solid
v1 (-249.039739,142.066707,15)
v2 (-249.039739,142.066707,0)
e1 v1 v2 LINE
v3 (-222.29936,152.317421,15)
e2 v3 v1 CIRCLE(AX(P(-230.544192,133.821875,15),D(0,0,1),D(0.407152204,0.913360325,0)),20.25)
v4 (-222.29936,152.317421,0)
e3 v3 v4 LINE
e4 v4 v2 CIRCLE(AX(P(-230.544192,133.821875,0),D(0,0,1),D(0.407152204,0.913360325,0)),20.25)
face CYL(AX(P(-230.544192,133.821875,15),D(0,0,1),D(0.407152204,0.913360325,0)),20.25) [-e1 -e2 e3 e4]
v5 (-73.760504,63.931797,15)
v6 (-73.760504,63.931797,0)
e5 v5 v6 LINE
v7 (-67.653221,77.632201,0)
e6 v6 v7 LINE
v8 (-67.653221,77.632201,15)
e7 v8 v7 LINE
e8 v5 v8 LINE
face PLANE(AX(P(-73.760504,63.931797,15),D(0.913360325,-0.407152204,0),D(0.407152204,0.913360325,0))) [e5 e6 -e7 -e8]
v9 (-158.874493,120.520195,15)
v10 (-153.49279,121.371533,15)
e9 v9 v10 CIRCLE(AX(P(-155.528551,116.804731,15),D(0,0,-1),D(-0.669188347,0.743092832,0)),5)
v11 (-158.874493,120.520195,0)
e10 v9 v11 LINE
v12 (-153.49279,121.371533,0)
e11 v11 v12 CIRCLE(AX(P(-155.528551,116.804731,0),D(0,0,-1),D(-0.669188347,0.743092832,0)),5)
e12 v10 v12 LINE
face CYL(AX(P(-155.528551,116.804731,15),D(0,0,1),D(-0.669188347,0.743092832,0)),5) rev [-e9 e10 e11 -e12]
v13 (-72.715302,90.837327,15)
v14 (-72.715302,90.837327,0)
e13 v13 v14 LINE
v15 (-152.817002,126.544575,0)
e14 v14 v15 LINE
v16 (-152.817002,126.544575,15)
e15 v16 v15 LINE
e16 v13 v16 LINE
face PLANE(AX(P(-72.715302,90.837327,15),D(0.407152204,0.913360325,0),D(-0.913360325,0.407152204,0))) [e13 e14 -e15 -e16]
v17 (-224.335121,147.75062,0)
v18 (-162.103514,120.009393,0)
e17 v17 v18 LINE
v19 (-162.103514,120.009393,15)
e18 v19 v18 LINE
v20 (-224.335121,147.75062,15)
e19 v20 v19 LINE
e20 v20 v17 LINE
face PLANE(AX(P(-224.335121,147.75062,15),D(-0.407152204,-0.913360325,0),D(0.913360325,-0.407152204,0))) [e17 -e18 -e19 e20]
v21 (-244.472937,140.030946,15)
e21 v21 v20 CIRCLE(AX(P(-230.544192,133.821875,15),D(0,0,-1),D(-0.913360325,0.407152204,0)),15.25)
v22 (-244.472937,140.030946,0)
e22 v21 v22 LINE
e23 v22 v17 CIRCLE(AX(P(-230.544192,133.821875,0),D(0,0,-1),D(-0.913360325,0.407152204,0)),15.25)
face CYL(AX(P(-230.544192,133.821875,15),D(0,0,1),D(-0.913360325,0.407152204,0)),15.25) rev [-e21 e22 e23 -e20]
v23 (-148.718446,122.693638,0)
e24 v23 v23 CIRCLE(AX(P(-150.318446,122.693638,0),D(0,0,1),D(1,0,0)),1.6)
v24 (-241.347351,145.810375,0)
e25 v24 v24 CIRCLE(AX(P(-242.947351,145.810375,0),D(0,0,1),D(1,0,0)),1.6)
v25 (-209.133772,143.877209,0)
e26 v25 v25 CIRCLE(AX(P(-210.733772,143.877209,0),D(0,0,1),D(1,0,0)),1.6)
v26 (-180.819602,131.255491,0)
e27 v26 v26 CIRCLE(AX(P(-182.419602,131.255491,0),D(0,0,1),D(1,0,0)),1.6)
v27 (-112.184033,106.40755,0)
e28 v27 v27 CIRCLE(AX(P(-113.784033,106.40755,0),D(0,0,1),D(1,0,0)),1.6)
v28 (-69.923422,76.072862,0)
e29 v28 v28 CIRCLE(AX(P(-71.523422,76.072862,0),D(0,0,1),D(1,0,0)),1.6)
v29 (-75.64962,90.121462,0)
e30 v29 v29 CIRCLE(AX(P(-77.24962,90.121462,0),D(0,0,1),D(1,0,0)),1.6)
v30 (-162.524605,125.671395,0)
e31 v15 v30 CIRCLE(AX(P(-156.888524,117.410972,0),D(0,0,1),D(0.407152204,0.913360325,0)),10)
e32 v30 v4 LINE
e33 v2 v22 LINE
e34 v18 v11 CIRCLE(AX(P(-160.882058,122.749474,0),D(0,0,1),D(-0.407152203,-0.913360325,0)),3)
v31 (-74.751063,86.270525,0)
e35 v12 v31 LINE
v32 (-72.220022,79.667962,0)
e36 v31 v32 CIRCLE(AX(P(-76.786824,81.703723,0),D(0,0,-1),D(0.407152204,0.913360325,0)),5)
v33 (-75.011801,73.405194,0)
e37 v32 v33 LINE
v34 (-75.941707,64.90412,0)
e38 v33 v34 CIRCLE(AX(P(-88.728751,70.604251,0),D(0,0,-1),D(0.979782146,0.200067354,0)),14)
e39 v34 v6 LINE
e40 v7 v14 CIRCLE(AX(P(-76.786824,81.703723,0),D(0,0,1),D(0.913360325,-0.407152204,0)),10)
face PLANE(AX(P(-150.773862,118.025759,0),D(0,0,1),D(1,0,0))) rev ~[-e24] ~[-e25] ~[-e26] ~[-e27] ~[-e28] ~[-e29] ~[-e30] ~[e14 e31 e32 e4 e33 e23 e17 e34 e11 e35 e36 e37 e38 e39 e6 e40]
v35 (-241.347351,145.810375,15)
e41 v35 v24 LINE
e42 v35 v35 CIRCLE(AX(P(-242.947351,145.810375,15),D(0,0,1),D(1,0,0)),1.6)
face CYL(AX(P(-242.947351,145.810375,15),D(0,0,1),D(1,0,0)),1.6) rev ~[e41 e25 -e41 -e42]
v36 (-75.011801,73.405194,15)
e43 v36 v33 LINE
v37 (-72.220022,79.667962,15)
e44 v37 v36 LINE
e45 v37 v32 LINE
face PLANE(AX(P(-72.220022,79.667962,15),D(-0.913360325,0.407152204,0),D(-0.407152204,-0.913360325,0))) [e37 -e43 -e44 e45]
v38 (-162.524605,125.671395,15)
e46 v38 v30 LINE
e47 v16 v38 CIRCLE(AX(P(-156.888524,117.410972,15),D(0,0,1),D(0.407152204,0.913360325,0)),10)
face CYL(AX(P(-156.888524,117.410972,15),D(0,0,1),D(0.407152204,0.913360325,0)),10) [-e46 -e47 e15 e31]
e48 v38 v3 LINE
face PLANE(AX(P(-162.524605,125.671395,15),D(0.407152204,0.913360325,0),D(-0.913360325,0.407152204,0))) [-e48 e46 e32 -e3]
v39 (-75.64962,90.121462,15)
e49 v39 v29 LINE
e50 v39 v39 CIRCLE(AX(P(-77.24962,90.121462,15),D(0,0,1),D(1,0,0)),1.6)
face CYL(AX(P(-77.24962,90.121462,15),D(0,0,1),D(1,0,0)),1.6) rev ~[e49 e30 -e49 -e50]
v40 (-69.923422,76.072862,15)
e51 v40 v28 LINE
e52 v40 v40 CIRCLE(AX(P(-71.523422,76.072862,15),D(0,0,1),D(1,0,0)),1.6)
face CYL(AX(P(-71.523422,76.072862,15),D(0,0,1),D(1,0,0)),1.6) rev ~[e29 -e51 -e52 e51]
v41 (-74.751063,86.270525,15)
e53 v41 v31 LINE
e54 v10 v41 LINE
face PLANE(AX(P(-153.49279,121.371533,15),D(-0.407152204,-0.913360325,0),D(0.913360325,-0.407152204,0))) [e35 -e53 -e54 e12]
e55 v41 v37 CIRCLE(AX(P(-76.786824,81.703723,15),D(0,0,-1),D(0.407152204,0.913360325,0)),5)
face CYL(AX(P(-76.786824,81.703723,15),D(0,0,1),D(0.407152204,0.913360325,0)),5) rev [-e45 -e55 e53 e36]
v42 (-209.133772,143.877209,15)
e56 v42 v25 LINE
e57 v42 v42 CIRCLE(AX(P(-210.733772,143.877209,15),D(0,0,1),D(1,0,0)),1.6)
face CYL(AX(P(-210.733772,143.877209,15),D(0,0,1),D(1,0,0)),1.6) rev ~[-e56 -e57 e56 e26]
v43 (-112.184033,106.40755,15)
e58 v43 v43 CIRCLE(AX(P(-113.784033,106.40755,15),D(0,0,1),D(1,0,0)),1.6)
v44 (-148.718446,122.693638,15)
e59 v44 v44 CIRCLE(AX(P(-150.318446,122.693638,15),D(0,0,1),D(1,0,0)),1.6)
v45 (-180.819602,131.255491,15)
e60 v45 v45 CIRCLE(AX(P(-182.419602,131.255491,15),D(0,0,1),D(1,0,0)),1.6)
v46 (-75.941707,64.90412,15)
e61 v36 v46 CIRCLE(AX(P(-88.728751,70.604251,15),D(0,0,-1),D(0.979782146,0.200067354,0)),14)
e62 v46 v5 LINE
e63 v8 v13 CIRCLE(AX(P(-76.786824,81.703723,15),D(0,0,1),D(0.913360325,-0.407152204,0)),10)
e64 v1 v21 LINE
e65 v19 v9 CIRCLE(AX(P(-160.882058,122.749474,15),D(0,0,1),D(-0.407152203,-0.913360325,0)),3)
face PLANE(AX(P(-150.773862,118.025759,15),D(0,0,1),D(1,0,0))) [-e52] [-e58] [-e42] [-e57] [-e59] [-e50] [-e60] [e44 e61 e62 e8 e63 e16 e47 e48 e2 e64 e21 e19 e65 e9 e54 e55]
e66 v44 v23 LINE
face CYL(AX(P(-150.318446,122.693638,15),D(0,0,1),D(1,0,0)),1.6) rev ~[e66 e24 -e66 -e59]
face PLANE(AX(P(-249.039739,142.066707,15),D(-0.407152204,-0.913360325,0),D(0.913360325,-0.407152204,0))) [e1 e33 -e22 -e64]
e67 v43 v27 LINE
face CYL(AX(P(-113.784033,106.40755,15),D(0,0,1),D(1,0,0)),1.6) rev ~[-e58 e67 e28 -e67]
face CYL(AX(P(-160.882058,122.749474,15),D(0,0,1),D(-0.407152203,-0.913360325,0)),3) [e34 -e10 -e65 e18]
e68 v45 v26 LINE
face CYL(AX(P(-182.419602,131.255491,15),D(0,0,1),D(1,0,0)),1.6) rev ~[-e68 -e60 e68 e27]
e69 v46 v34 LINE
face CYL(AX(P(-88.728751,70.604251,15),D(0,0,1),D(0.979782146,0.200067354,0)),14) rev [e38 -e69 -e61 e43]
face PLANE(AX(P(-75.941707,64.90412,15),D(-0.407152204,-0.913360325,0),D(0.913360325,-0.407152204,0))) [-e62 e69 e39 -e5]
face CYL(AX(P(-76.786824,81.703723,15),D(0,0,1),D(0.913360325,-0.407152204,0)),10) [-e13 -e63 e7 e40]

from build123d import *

# Parameters (mm, degrees)
SKETCH1_R           = 1.6
BOSS_EXTRUDE1_DEPTH = 15


with BuildPart() as part:
    # Sketch1 → Boss-Extrude1 (new body)
    with BuildSketch(Plane.XY.offset(15)):
        with BuildLine():
            Line((-72.22002218, 79.667962454), (-75.011801076, 73.405193753))
            ThreePointArc((-75.011801076, 73.405193753), (-74.811765228, 69.081915852), (-75.941706574, 64.904119936))
            Line((-75.941706574, 64.904119936), (-73.760503615, 63.931796563))
            Line((-73.760503615, 63.931796563), (-67.653220557, 77.632201435))
            ThreePointArc((-67.653220557, 77.632201435), (-67.449390168, 85.283155423), (-72.715301765, 90.837326721))
            Line((-72.715301765, 90.837326721), (-152.817002247, 126.544575004))
            ThreePointArc((-152.817002247, 126.544575004), (-157.784388135, 127.370762315), (-162.524605276, 125.671394934))
            Line((-162.524605276, 125.671394934), (-222.299360222, 152.317421212))
            ThreePointArc((-222.299360222, 152.317421212), (-237.792542049, 152.73017775), (-249.039738928, 142.066706765))
            Line((-249.039738928, 142.066706765), (-244.472937304, 140.030945745))
            ThreePointArc((-244.472937304, 140.030945745), (-236.002826074, 148.061460931), (-224.335121242, 147.750619588))
            Line((-224.335121242, 147.750619588), (-162.103514484, 120.00939287))
            ThreePointArc((-162.103514484, 120.00939287), (-160.41331337, 119.786320357), (-158.874492832, 120.520195349))
            ThreePointArc((-158.874492832, 120.520195349), (-156.309791936, 121.743320336), (-153.492790079, 121.371532814))
            Line((-153.492790079, 121.371532814), (-74.751062785, 86.270525098))
            ThreePointArc((-74.751062785, 86.270525098), (-72.118106986, 83.493439449), (-72.22002218, 79.667962454))
        make_face()
        with Locations((-113.784032516, 106.407550051)):
            Circle(SKETCH1_R, mode=Mode.SUBTRACT)
        with Locations((-150.318445506, 122.693638207)):
            Circle(SKETCH1_R, mode=Mode.SUBTRACT)
        with Locations((-77.249619525, 90.121461895)):
            Circle(SKETCH1_R, mode=Mode.SUBTRACT)
        with Locations((-71.52342211, 76.072861852)):
            Circle(SKETCH1_R, mode=Mode.SUBTRACT)
        with Locations((-210.733772287, 143.877209383)):
            Circle(SKETCH1_R, mode=Mode.SUBTRACT)
        with Locations((-182.419602219, 131.255491062)):
            Circle(SKETCH1_R, mode=Mode.SUBTRACT)
        with Locations((-242.947351213, 145.810375386)):
            Circle(SKETCH1_R, mode=Mode.SUBTRACT)
    extrude(amount=-BOSS_EXTRUDE1_DEPTH)


solid = part.part
